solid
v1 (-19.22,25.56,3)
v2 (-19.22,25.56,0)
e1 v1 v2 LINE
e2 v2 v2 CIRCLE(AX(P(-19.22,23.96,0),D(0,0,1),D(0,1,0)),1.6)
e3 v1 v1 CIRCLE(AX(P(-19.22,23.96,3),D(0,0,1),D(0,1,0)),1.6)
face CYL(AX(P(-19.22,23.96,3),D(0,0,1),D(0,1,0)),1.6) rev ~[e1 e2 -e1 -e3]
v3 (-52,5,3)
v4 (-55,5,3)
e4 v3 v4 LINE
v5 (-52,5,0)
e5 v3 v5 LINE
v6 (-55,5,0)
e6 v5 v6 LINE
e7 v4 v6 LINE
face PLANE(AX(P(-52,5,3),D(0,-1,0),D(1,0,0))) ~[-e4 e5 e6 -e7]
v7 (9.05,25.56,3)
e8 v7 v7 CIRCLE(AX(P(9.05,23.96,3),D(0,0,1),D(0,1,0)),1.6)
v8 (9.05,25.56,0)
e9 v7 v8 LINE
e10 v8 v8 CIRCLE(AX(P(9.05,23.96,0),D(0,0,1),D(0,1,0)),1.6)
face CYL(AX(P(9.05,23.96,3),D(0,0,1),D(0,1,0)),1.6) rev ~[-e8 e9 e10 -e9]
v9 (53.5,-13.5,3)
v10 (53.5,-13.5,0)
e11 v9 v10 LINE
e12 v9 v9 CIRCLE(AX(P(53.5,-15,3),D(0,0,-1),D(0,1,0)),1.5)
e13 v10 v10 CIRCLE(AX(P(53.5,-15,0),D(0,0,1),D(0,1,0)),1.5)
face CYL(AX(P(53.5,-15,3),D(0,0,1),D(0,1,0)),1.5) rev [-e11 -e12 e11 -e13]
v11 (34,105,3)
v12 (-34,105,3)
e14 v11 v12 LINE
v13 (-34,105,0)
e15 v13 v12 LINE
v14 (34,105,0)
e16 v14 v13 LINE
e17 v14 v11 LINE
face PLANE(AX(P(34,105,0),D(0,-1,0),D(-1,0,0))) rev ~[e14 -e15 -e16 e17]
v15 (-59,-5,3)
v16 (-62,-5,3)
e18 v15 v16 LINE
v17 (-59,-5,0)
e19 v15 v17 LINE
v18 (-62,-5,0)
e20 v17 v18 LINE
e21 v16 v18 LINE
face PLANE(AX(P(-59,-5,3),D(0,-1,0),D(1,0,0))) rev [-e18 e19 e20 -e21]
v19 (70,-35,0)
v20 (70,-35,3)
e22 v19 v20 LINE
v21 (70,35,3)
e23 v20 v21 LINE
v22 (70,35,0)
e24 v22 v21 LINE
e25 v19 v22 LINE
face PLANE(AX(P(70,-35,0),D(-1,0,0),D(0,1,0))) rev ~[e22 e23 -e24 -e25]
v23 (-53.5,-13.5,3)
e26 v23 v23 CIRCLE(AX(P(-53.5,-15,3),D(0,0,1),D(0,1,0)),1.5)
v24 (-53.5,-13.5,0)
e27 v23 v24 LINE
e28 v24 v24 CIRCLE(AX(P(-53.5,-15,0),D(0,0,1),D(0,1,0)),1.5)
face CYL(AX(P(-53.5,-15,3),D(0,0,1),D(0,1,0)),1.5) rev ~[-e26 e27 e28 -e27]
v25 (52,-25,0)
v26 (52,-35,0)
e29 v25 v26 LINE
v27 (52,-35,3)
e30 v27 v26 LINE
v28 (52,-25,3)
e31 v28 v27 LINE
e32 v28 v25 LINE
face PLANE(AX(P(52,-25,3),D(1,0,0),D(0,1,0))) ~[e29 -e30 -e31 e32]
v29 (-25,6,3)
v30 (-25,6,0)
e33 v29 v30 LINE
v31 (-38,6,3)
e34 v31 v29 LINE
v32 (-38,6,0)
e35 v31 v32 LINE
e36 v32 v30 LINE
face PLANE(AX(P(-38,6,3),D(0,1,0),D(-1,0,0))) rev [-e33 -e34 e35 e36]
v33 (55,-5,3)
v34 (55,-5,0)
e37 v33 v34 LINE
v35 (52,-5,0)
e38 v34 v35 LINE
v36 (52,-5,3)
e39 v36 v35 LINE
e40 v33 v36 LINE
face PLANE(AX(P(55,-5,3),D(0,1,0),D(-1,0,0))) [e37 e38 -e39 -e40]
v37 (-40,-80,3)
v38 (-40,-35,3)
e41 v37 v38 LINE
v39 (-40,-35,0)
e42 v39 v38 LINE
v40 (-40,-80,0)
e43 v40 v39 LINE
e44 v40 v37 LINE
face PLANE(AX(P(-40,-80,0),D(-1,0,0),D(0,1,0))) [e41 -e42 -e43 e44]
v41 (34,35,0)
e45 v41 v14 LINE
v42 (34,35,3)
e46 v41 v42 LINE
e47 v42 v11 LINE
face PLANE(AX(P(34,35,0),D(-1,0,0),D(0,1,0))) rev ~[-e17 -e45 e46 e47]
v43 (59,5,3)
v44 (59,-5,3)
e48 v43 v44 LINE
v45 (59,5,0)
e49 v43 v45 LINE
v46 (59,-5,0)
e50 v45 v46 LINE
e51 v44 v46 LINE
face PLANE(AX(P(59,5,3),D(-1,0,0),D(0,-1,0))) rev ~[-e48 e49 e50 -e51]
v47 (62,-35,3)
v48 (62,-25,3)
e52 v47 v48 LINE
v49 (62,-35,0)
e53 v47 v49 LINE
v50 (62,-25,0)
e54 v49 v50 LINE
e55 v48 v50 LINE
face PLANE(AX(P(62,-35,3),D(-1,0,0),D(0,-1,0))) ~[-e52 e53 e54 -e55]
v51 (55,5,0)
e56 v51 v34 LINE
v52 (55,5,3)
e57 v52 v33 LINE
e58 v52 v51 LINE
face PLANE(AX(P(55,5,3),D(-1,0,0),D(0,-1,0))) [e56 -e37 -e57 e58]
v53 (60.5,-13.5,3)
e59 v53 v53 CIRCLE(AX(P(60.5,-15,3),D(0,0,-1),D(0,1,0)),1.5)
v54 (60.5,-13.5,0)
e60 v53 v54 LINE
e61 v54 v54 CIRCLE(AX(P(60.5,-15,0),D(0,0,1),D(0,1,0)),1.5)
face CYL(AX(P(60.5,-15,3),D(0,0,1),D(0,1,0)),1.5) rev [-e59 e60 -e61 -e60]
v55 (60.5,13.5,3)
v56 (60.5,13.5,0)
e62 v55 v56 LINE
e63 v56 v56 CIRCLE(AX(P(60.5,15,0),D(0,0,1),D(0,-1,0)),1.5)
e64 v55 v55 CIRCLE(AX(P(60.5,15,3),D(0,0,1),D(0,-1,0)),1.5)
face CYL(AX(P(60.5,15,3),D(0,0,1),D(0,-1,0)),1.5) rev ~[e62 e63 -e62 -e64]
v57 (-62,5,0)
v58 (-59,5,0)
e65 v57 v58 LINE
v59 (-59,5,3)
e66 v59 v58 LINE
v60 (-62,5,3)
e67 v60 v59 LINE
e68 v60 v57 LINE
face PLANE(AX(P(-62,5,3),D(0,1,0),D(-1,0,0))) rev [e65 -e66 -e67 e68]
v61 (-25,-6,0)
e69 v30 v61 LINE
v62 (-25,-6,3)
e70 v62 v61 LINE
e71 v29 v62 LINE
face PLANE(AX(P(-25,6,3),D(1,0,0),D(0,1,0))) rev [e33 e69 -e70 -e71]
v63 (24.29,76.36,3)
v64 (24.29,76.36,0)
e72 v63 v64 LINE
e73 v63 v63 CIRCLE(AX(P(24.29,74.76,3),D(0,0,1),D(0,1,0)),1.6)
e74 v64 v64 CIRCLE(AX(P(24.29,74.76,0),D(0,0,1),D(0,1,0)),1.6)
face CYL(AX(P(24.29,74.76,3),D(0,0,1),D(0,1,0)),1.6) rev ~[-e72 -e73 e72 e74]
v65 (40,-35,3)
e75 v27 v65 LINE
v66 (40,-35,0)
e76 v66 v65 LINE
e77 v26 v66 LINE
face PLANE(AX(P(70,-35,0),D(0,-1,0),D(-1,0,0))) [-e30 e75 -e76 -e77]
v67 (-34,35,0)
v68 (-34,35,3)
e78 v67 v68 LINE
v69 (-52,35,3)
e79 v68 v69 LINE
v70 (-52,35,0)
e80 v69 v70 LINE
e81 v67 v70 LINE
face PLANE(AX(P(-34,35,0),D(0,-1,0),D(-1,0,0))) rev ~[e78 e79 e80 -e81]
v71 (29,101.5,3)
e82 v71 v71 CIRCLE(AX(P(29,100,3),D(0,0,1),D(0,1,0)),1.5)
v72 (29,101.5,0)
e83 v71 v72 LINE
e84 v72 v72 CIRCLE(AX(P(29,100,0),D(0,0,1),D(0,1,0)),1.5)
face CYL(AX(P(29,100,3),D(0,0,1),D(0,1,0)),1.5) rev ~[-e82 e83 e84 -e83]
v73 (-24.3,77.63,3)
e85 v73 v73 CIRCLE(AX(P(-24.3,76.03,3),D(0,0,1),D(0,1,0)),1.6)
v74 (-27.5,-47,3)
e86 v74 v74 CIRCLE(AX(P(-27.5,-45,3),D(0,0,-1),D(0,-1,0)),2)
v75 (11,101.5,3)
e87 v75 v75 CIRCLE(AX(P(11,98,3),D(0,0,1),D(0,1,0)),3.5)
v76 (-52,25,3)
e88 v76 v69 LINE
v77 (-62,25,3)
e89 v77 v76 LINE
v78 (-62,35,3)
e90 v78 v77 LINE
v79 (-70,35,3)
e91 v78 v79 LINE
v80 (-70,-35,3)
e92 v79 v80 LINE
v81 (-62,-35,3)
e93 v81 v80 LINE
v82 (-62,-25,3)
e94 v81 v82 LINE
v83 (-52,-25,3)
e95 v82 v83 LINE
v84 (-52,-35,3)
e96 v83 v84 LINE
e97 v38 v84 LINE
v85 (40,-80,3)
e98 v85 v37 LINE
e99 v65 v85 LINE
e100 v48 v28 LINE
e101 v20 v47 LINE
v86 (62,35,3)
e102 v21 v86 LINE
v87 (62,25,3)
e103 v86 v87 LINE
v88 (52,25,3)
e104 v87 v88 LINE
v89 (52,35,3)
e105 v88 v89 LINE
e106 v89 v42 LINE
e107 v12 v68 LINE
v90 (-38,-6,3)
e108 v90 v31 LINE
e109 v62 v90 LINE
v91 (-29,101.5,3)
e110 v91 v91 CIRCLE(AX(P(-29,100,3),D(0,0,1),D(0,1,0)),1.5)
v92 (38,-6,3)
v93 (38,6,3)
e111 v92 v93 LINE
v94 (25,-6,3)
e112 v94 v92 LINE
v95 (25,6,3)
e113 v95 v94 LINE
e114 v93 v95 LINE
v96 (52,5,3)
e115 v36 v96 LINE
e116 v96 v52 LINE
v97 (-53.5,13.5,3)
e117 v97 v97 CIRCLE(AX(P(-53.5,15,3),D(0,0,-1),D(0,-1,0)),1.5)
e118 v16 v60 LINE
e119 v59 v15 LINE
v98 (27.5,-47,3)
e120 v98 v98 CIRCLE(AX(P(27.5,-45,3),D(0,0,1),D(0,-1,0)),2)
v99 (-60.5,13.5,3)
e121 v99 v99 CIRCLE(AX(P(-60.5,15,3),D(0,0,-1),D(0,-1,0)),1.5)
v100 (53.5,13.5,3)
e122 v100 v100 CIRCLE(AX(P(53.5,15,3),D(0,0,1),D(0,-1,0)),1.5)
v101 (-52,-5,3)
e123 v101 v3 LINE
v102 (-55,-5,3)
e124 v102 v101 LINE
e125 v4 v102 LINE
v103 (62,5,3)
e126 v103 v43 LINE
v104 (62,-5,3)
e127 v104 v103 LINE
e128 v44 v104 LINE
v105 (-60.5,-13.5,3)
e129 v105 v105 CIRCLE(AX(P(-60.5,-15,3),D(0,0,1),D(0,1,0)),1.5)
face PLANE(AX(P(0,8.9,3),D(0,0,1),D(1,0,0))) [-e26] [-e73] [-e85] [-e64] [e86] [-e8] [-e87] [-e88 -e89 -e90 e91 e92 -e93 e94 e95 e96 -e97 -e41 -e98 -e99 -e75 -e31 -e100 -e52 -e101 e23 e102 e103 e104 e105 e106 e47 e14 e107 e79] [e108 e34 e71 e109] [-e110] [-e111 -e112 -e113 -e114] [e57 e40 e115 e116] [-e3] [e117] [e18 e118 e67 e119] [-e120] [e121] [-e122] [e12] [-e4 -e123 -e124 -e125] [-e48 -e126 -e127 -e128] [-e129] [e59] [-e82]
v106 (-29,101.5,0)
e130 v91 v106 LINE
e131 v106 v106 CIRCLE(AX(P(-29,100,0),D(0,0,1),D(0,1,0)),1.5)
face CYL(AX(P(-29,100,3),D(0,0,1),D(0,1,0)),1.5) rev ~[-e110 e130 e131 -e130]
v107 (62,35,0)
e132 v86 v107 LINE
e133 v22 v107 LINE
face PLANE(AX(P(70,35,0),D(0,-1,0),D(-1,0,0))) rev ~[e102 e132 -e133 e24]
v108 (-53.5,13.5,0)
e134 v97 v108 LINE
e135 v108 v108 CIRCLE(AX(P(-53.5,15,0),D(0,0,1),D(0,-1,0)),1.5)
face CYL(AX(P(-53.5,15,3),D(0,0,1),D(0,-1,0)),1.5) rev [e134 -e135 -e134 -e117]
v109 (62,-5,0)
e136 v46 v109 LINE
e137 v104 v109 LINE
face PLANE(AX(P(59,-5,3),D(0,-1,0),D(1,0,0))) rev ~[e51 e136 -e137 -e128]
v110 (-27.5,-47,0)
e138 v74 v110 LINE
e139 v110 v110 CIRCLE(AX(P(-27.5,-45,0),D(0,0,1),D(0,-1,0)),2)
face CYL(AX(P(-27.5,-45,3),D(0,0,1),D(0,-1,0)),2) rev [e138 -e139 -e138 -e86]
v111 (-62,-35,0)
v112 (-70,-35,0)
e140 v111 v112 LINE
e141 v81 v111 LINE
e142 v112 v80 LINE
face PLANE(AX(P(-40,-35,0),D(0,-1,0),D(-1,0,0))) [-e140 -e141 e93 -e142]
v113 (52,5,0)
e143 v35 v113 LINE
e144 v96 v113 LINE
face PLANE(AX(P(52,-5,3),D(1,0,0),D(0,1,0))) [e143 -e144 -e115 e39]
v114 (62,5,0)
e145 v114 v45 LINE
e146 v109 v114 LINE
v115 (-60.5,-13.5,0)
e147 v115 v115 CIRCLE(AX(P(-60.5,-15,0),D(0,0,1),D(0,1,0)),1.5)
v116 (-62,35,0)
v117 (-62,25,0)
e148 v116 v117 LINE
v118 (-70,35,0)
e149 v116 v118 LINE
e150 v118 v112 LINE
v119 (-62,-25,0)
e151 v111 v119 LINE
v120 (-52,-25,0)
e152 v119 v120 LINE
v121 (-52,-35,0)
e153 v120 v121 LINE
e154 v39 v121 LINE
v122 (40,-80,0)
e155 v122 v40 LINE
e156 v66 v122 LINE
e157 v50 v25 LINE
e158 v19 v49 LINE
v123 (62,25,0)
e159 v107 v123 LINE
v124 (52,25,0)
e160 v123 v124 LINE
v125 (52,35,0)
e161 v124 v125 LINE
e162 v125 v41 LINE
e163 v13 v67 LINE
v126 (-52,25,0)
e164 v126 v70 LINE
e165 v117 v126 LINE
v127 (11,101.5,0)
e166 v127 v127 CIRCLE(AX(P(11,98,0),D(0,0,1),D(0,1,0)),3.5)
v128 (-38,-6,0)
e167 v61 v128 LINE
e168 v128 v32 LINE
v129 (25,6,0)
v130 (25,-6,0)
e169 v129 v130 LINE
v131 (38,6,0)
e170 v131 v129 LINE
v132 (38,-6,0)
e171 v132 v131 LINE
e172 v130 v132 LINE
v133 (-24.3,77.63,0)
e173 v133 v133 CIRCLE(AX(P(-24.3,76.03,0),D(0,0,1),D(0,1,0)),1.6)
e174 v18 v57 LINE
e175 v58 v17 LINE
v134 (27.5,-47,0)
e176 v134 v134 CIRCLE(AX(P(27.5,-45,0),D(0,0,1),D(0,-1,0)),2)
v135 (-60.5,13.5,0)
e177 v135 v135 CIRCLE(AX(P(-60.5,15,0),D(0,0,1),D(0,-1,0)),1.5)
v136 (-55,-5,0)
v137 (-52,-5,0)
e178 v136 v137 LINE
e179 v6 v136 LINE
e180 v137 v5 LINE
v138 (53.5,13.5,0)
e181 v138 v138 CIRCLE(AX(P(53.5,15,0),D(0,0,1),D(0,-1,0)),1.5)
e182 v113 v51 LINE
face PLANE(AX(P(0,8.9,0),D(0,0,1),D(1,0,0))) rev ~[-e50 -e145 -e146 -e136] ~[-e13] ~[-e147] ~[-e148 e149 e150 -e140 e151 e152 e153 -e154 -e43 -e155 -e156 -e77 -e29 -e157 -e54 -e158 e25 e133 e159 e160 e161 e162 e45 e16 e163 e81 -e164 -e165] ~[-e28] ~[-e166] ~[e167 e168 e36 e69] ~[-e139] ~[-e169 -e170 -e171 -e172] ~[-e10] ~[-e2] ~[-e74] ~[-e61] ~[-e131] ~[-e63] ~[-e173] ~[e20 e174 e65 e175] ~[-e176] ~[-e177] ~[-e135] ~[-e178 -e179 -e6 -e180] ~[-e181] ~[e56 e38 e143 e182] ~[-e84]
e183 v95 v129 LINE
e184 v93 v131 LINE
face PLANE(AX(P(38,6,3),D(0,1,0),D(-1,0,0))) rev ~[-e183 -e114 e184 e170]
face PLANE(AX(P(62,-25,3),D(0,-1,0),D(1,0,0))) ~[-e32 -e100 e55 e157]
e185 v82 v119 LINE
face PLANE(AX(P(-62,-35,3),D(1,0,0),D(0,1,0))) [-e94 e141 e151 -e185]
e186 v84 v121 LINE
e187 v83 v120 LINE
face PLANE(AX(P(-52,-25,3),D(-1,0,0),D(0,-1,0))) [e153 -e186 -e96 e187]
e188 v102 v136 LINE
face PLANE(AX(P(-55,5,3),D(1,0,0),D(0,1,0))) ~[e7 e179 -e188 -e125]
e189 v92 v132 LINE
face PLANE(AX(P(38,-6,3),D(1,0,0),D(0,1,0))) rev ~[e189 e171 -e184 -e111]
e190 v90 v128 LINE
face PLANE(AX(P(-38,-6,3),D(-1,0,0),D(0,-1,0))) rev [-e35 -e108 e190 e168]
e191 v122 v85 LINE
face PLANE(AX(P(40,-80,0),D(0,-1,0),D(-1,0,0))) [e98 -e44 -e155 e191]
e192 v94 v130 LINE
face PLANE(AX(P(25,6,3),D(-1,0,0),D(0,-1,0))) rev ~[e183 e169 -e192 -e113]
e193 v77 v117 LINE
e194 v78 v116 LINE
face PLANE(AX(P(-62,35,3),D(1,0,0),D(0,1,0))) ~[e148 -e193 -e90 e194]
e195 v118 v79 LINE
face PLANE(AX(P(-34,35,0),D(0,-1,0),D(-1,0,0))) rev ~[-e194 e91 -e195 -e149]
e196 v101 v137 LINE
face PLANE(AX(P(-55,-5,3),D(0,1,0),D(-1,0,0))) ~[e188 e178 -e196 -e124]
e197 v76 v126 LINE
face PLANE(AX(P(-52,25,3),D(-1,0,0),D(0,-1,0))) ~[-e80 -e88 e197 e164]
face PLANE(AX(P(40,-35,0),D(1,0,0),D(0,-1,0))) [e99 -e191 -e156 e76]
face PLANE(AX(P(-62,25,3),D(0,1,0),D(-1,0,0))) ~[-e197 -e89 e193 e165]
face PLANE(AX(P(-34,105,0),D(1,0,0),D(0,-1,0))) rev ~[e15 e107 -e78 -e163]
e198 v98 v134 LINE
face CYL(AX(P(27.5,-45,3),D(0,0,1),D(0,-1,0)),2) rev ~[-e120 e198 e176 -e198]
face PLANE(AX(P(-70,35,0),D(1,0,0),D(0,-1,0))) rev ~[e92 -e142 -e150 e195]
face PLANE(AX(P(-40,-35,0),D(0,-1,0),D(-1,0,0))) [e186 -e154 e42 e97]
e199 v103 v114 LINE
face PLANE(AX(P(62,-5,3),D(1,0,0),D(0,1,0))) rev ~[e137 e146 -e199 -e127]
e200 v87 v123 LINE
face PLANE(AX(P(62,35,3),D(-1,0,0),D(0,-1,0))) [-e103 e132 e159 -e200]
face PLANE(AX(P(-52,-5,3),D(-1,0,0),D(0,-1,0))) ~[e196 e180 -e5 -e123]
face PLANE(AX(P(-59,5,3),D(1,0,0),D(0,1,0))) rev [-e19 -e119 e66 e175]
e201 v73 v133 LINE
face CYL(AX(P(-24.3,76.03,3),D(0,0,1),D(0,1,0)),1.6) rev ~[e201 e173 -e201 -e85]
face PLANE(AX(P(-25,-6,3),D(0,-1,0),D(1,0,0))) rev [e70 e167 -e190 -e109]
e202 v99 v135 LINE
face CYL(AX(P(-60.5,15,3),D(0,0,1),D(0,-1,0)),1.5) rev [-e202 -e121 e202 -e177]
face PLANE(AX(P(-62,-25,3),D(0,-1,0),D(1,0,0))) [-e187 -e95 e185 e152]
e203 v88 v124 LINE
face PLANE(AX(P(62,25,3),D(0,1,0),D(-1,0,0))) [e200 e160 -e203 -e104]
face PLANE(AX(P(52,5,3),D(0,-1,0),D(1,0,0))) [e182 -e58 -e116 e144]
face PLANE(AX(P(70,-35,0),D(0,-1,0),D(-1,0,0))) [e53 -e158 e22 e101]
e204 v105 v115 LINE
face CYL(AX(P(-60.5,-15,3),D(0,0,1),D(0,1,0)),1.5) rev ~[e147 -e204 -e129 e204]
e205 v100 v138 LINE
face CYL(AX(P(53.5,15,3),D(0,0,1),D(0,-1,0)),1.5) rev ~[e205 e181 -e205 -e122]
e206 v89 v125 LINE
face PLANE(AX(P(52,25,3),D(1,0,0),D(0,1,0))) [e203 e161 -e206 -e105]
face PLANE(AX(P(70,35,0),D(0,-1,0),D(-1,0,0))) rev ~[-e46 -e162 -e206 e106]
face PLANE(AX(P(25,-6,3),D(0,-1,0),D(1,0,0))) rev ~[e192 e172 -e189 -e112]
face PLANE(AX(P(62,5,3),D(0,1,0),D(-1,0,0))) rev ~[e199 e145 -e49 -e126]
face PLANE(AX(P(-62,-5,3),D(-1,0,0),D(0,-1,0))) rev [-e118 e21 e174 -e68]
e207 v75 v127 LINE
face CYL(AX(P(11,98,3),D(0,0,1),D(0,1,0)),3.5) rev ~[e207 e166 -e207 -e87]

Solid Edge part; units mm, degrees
sketch "Sketch1" plane through (0, 0, 0) normal (0, 0, 1) x (1, 0, 0)
  line L0 (70, -35) -> (70, 35)
  line L1 (70, 35) -> (34, 35)
  line L2 (34, 35) -> (34, 105)
  line L3 (34, 105) -> (-34, 105)
  line L4 (-34, 105) -> (-34, 35)
  line L5 (-34, 35) -> (-70, 35)
  line L6 (-70, 35) -> (-70, -35)
  line L7 (-40, -35) -> (-70, -35)
  line L8 (-40, -80) -> (-40, -35)
  line L9 (40, -80) -> (-40, -80)
  line L10 (40, -35) -> (40, -80)
  line L11 (70, -35) -> (40, -35)
  dimension "D1" = 70
  dimension "D2" = 30
  dimension "D3" = 45
  dimension "D4" = 140
  dimension "D5" = 68
  dimension "D6" = 36
  dimension "D7" = 70
extrude "Ajout_matière_2" add sketch "Sketch1" along normal blind 3
sketch "Sketch2" plane through (0, -7.5, 3) normal (0, 0, 1) x (0, -1, 0)
  line L0 (-12.5, 55) -> (-2.5, 55)
  line L1 (-2.5, 55) -> (-2.5, 52)
  line L2 (-2.5, 52) -> (-12.5, 52)
  line L3 (-12.5, 52) -> (-12.5, 55)
  line L4 (-13.5, 25) -> (-1.5, 25)
  line L5 (-1.5, 25) -> (-1.5, 38)
  line L6 (-1.5, 38) -> (-13.5, 38)
  line L7 (-13.5, 38) -> (-13.5, 25)
  circle A0 centre (37.5, 27.5) radius 2
  line L8 (-12.5, 59) -> (-2.5, 59)
  line L9 (-2.5, 59) -> (-2.5, 62)
  line L10 (-2.5, 62) -> (-12.5, 62)
  line L11 (-12.5, 62) -> (-12.5, 59)
  dimension "D1" = 10
  dimension "D2" = 3
  dimension "D3" = 4
  dimension "D4" = 8
  dimension "D5" = 4
  dimension "D6" = 35
  dimension "D7" = 27.5
  dimension "D8" = 32
  dimension "D9" = 12
  dimension "D10" = 13
extrude "Cutout1" cut sketch "Sketch2" against normal blind 6.2892
sketch "Sketch3" plane through (0, -7.5, 3) normal (0, 0, 1) x (0, -1, 0)
  line L0 (-42.5, 52) -> (-42.5, 62)
  line L1 (-42.5, 62) -> (-32.5, 62)
  line L2 (-32.5, 62) -> (-32.5, 52)
  line L3 (-32.5, 52) -> (-42.5, 52)
  dimension "D1" = 20
  dimension "D2" = 10
extrude "Enlèvement_matière_13" cut sketch "Sketch3" against normal blind 16.2231
sketch "Sketch4" plane through (0, -7.5, 3) normal (0, 0, 1) x (0, -1, 0)
  circle A0 centre (-22.5, 60.5) radius 1.5
  circle A1 centre (-22.5, 53.5) radius 1.5
  dimension "D1" = 3
  dimension "D2" = 3
  dimension "D3" = 10
  dimension "D4" = 10
extrude "Enlèvement_matière_14" cut sketch "Sketch4" against normal blind 7.9074
mirror "Mirror1" about plane through (0, 0, 0) normal (0, -1, 0) of "Enlèvement_matière_13", "Enlèvement_matière_14"
mirror "Mirror2" about plane through (0, 0, 0) normal (1, 0, 0) of "Enlèvement_matière_14", "Mirror1", "Enlèvement_matière_13", "Cutout1"
sketch "Sketch5" plane through (0, 10, 3) normal (0, 0, 1) x (0, 1, 0)
  circle A0 centre (66.03, 24.3) radius 1.6
  circle A1 centre (64.76, -24.29) radius 1.6
  circle A2 centre (13.96, 19.22) radius 1.6
  circle A3 centre (13.96, -9.05) radius 1.6
  dimension "D1" = 28.97
  dimension "D2" = 9.7
  dimension "D3" = 81.04
  dimension "D4" = 14.78
  dimension "D5" = 9.71
  dimension "D6" = 30.24
  dimension "D7" = 24.95
  dimension "D8" = 81.04
  dimension "D9" = 3.2
  dimension "D10" = 3.2
  dimension "D11" = 3.2
  dimension "D12" = 3.2
extrude "Cutout9" cut sketch "Sketch5" against normal blind 7.5802
sketch "Sketch6" plane through (0, 12.5, 3) normal (0, 0, 1) x (0, 1, 0)
  circle A0 centre (87.5, 29) radius 1.5
  circle A1 centre (87.5, -29) radius 1.5
  circle A2 centre (85.5, -11) radius 3.5
  dimension "D1" = 5
  dimension "D2" = 3
  dimension "D3" = 3
  dimension "D4" = 5
  dimension "D5" = 5
  dimension "D6" = 7
  dimension "D7" = 45
  dimension "D8" = 7
extrude "Enlèvement_matière_23" cut sketch "Sketch6" against normal blind 9.1147
properties part number "25" material "MDF 3mm"
